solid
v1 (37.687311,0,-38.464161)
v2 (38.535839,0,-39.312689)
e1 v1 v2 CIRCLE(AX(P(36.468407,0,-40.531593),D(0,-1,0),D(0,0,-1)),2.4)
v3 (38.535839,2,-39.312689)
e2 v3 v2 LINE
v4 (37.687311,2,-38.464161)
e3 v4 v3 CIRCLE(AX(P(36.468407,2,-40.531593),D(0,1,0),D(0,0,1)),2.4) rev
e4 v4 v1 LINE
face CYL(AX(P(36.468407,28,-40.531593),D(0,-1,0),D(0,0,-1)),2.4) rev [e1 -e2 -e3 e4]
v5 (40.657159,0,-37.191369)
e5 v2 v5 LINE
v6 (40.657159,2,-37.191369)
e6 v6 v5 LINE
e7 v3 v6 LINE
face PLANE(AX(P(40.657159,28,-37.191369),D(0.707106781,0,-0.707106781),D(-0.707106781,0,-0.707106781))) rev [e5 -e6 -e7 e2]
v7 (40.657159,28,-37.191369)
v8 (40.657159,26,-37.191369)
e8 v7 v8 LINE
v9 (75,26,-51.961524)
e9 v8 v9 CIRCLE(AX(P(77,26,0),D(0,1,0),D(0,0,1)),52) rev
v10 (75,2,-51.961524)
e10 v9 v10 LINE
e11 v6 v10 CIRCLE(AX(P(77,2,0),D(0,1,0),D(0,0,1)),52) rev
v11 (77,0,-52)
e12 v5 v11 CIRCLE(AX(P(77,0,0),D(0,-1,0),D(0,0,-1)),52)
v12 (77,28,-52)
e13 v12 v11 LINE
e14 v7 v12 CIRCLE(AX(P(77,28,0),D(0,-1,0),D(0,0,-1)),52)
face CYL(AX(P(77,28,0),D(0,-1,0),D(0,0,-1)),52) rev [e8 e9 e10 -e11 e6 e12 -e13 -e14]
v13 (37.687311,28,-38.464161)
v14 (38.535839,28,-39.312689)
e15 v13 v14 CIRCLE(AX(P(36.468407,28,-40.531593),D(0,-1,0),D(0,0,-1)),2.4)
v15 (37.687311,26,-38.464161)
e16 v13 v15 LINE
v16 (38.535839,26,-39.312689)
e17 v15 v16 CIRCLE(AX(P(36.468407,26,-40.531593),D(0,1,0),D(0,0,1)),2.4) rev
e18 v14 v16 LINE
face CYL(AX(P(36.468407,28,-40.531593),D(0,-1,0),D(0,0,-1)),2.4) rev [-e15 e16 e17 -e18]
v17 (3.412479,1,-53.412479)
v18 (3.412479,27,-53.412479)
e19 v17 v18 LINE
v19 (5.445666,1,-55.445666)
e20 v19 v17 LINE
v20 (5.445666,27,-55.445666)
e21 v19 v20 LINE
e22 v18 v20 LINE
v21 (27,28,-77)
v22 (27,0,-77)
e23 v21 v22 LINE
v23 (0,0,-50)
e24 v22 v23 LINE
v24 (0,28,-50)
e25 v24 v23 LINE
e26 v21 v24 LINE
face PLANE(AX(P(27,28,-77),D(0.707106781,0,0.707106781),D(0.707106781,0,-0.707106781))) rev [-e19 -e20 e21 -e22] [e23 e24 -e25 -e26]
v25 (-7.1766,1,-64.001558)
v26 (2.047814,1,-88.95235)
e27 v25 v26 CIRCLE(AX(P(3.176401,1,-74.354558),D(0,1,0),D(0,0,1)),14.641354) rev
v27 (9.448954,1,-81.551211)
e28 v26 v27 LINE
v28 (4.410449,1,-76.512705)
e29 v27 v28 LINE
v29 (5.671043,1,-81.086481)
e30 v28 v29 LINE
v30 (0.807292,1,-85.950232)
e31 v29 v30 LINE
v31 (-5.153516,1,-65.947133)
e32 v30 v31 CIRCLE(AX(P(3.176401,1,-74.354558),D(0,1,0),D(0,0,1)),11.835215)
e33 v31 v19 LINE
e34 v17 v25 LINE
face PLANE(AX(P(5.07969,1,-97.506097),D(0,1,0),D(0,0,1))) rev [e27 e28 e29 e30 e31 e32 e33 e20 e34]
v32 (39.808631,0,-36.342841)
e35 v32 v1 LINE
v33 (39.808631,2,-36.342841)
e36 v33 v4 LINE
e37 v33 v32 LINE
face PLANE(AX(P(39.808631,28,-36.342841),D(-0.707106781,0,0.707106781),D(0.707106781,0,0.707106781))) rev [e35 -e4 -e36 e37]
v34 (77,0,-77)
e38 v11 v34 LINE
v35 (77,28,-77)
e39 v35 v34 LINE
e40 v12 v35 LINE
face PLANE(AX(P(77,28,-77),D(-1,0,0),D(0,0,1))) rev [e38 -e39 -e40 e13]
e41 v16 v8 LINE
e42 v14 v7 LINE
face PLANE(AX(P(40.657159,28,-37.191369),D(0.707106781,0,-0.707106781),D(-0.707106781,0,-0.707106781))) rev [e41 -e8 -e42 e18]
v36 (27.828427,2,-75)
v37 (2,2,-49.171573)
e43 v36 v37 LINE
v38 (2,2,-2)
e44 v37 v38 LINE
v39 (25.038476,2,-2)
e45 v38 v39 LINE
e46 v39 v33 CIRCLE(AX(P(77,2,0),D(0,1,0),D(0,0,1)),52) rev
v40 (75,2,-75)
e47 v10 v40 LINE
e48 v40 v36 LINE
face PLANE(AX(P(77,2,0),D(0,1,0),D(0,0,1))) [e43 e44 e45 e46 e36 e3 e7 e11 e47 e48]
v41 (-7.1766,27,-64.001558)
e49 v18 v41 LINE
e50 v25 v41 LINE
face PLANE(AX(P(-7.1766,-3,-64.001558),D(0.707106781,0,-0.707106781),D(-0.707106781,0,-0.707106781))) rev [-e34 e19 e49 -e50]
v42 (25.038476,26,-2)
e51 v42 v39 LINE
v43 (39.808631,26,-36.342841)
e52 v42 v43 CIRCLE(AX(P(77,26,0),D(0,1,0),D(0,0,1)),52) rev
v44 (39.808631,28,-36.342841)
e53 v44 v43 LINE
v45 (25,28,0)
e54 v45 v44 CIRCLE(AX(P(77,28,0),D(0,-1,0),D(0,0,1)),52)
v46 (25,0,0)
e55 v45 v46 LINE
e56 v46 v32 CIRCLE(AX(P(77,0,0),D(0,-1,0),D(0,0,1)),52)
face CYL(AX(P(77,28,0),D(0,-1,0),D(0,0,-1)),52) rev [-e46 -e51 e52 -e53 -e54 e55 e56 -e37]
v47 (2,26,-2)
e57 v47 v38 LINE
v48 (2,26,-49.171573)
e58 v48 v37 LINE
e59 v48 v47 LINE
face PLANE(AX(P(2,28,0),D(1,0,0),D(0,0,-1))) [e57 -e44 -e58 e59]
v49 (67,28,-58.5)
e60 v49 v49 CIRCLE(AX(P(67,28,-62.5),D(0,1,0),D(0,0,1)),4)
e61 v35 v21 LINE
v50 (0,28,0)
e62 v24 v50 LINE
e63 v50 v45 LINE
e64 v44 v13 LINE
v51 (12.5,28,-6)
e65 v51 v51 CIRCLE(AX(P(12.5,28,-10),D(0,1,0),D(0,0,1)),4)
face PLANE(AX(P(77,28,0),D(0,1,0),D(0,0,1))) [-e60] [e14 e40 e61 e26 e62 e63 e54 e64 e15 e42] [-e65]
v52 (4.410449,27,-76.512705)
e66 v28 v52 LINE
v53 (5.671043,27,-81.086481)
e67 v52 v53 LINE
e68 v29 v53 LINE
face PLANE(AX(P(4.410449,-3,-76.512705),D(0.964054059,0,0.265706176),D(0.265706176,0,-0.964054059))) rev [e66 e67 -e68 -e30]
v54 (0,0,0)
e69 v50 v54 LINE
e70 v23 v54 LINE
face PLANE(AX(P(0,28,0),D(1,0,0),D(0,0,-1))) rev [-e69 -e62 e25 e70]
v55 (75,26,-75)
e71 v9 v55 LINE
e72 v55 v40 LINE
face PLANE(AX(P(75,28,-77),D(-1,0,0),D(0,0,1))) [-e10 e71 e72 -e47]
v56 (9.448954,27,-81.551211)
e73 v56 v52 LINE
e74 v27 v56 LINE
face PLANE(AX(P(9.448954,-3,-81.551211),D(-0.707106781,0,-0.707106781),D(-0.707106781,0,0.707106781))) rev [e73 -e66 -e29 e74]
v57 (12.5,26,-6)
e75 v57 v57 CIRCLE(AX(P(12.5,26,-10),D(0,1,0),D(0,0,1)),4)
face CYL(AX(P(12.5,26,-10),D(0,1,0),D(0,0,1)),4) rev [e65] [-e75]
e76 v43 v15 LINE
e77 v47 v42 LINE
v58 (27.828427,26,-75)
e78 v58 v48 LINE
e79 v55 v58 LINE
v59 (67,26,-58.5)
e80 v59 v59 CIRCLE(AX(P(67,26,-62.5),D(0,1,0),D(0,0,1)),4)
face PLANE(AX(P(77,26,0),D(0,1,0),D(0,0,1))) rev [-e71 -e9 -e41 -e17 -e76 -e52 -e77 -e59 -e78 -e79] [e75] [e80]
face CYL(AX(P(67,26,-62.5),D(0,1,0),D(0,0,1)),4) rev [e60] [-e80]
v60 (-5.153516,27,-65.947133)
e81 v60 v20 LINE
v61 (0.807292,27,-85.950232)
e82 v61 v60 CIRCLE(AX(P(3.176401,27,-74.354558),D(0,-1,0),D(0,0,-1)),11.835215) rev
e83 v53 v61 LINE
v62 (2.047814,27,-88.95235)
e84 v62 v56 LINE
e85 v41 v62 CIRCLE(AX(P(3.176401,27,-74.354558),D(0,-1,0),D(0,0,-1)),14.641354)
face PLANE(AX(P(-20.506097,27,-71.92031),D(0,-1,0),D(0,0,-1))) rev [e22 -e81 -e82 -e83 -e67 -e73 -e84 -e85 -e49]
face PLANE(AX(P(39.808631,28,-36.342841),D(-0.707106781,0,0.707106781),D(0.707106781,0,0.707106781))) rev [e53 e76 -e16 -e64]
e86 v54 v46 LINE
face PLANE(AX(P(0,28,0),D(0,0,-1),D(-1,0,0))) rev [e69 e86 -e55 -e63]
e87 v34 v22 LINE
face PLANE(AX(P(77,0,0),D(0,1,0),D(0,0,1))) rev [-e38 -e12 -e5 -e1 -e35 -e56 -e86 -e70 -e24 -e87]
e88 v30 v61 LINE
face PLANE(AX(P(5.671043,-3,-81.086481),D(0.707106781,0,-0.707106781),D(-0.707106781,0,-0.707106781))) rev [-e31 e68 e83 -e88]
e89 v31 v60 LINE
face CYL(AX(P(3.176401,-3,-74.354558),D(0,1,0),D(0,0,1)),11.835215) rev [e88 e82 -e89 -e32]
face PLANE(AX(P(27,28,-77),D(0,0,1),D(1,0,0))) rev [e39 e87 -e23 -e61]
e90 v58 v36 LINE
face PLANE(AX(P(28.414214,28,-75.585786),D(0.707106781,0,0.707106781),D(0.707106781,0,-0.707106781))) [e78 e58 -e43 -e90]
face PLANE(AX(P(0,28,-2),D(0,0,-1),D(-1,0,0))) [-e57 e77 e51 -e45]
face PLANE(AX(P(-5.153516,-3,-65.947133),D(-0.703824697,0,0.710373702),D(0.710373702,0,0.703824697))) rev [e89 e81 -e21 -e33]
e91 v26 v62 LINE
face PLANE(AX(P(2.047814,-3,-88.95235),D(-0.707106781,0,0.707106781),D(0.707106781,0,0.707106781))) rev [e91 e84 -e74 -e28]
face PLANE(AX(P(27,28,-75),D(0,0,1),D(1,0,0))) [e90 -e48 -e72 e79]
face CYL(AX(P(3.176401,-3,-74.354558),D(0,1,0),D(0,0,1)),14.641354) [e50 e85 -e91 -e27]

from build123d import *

# Parameters (mm, degrees)
BOSS_EXTRUDE1_DEPTH     = 28
SHELL1_T                = -2
CUT_EXTRUDE1_DEPTH      = 12
CUT_EXTRUDE1_DEPTH_BACK = 12
SKETCH9_R               = 6.4
SKETCH12_R              = 4
CUT_EXTRUDE3_DEPTH      = 2
SKETCH17_W              = 36.183766184
SKETCH17_H              = 26
BOSS_EXTRUDE2_DEPTH     = 30
CUT_EXTRUDE14_DEPTH     = 30


with BuildPart() as part:
    # Sketch1 → Boss-Extrude1 (new body)
    with BuildSketch(Plane(origin=(0, 0, 0), x_dir=(1, 0, 0), z_dir=(0, 1, 0))):
        with BuildLine():
            Line((0, 0), (0, 50))
            Line((0, 50), (27, 77))
            Line((27, 77), (77, 77))
            Line((77, 77), (77, 52))
            ThreePointArc((77, 52), (57.377961172, 48.155743087), (40.657159206, 37.191368932))
            Line((40.657159206, 37.191368932), (38.535838862, 39.312689275))
            ThreePointArc((38.535838862, 39.312689275), (34.771350846, 42.228649154), (37.687310725, 38.464161138))
            Line((37.687310725, 38.464161138), (39.808631068, 36.342840794))
            ThreePointArc((39.808631068, 36.342840794), (28.844256913, 19.622038828), (25, 0))
            Line((25, 0), (0, 0))
        make_face()
    extrude(amount=BOSS_EXTRUDE1_DEPTH)

    # Shell1
    shell1_openings = [part.faces().sort_by_distance(p)[0] for p in [
        (57.377961172, 14, -48.155743087),
        (28.844256913, 14, -19.622038828),
    ]]
    offset(amount=SHELL1_T, openings=shell1_openings, kind=Kind.INTERSECTION)

    # Sketch9 → Cut-Extrude1 (cut, two sides: drawn at the far end of the back side and taken through both)
    with BuildSketch(Plane(origin=(0, 14, 0), x_dir=(1, 0, 0), z_dir=(0, 1, 0)).offset(-CUT_EXTRUDE1_DEPTH_BACK)):
        with Locations((36.184678266, 38.815321734)):
            Circle(SKETCH9_R)
    extrude(amount=CUT_EXTRUDE1_DEPTH + CUT_EXTRUDE1_DEPTH_BACK, mode=Mode.SUBTRACT)

    # Sketch12 → Cut-Extrude3 (cut)
    with BuildSketch(Plane(origin=(0, 28, 0), x_dir=(1, 0, 0), z_dir=(0, 1, 0))):
        with Locations((67, 62.5)):
            Circle(SKETCH12_R)
        with Locations((12.5, 10)):
            Circle(SKETCH12_R)
    extrude(amount=-CUT_EXTRUDE3_DEPTH, mode=Mode.SUBTRACT)

    # Sketch17 → Boss-Extrude2 (add)
    with BuildSketch(Plane(origin=(-25, 0, -25), x_dir=(-0.7071067811865435, 0, 0.7071067811865516), z_dir=(-0.7071067811865516, 0, -0.7071067811865435))):
        with Locations((-54.447222151, 14)):
            Rectangle(SKETCH17_W, SKETCH17_H)
    extrude(amount=BOSS_EXTRUDE2_DEPTH)

    # Sketch19<7> → Cut-Extrude14 (cut)
    with BuildSketch(Plane(origin=(0, 27, 0), x_dir=(1, 0, 0), z_dir=(0, 1, 0))):
        with BuildLine():
            Line((-7.176599947, 64.001557861), (3.412478957, 53.412478957))
            Line((3.412478957, 53.412478957), (0.707106781, 50.707106781))
            Line((0.707106781, 50.707106781), (-20.506096654, 71.920310217))
            Line((-20.506096654, 71.920310217), (5.079689783, 97.506096654))
            Line((5.079689783, 97.506096654), (26.292893219, 76.292893219))
            Line((26.292893219, 76.292893219), (5.445665953, 55.445665953))
            Line((5.445665953, 55.445665953), (-5.153515959, 65.947132971))
            ThreePointArc((-5.153515959, 65.947132971), (-8.165921561, 77.734505129), (0.807292373, 85.950231609))
            Line((0.807292373, 85.950231609), (5.671042553, 81.08648143))
            Line((5.671042553, 81.08648143), (4.410448732, 76.512705214))
            Line((4.410448732, 76.512705214), (9.448954094, 81.551210575))
            Line((9.448954094, 81.551210575), (2.047814256, 88.952350413))
            ThreePointArc((2.047814256, 88.952350413), (-10.556487738, 79.431665635), (-7.176599947, 64.001557861))
        make_face()
    extrude(amount=-CUT_EXTRUDE14_DEPTH, mode=Mode.SUBTRACT)


solid = part.part
